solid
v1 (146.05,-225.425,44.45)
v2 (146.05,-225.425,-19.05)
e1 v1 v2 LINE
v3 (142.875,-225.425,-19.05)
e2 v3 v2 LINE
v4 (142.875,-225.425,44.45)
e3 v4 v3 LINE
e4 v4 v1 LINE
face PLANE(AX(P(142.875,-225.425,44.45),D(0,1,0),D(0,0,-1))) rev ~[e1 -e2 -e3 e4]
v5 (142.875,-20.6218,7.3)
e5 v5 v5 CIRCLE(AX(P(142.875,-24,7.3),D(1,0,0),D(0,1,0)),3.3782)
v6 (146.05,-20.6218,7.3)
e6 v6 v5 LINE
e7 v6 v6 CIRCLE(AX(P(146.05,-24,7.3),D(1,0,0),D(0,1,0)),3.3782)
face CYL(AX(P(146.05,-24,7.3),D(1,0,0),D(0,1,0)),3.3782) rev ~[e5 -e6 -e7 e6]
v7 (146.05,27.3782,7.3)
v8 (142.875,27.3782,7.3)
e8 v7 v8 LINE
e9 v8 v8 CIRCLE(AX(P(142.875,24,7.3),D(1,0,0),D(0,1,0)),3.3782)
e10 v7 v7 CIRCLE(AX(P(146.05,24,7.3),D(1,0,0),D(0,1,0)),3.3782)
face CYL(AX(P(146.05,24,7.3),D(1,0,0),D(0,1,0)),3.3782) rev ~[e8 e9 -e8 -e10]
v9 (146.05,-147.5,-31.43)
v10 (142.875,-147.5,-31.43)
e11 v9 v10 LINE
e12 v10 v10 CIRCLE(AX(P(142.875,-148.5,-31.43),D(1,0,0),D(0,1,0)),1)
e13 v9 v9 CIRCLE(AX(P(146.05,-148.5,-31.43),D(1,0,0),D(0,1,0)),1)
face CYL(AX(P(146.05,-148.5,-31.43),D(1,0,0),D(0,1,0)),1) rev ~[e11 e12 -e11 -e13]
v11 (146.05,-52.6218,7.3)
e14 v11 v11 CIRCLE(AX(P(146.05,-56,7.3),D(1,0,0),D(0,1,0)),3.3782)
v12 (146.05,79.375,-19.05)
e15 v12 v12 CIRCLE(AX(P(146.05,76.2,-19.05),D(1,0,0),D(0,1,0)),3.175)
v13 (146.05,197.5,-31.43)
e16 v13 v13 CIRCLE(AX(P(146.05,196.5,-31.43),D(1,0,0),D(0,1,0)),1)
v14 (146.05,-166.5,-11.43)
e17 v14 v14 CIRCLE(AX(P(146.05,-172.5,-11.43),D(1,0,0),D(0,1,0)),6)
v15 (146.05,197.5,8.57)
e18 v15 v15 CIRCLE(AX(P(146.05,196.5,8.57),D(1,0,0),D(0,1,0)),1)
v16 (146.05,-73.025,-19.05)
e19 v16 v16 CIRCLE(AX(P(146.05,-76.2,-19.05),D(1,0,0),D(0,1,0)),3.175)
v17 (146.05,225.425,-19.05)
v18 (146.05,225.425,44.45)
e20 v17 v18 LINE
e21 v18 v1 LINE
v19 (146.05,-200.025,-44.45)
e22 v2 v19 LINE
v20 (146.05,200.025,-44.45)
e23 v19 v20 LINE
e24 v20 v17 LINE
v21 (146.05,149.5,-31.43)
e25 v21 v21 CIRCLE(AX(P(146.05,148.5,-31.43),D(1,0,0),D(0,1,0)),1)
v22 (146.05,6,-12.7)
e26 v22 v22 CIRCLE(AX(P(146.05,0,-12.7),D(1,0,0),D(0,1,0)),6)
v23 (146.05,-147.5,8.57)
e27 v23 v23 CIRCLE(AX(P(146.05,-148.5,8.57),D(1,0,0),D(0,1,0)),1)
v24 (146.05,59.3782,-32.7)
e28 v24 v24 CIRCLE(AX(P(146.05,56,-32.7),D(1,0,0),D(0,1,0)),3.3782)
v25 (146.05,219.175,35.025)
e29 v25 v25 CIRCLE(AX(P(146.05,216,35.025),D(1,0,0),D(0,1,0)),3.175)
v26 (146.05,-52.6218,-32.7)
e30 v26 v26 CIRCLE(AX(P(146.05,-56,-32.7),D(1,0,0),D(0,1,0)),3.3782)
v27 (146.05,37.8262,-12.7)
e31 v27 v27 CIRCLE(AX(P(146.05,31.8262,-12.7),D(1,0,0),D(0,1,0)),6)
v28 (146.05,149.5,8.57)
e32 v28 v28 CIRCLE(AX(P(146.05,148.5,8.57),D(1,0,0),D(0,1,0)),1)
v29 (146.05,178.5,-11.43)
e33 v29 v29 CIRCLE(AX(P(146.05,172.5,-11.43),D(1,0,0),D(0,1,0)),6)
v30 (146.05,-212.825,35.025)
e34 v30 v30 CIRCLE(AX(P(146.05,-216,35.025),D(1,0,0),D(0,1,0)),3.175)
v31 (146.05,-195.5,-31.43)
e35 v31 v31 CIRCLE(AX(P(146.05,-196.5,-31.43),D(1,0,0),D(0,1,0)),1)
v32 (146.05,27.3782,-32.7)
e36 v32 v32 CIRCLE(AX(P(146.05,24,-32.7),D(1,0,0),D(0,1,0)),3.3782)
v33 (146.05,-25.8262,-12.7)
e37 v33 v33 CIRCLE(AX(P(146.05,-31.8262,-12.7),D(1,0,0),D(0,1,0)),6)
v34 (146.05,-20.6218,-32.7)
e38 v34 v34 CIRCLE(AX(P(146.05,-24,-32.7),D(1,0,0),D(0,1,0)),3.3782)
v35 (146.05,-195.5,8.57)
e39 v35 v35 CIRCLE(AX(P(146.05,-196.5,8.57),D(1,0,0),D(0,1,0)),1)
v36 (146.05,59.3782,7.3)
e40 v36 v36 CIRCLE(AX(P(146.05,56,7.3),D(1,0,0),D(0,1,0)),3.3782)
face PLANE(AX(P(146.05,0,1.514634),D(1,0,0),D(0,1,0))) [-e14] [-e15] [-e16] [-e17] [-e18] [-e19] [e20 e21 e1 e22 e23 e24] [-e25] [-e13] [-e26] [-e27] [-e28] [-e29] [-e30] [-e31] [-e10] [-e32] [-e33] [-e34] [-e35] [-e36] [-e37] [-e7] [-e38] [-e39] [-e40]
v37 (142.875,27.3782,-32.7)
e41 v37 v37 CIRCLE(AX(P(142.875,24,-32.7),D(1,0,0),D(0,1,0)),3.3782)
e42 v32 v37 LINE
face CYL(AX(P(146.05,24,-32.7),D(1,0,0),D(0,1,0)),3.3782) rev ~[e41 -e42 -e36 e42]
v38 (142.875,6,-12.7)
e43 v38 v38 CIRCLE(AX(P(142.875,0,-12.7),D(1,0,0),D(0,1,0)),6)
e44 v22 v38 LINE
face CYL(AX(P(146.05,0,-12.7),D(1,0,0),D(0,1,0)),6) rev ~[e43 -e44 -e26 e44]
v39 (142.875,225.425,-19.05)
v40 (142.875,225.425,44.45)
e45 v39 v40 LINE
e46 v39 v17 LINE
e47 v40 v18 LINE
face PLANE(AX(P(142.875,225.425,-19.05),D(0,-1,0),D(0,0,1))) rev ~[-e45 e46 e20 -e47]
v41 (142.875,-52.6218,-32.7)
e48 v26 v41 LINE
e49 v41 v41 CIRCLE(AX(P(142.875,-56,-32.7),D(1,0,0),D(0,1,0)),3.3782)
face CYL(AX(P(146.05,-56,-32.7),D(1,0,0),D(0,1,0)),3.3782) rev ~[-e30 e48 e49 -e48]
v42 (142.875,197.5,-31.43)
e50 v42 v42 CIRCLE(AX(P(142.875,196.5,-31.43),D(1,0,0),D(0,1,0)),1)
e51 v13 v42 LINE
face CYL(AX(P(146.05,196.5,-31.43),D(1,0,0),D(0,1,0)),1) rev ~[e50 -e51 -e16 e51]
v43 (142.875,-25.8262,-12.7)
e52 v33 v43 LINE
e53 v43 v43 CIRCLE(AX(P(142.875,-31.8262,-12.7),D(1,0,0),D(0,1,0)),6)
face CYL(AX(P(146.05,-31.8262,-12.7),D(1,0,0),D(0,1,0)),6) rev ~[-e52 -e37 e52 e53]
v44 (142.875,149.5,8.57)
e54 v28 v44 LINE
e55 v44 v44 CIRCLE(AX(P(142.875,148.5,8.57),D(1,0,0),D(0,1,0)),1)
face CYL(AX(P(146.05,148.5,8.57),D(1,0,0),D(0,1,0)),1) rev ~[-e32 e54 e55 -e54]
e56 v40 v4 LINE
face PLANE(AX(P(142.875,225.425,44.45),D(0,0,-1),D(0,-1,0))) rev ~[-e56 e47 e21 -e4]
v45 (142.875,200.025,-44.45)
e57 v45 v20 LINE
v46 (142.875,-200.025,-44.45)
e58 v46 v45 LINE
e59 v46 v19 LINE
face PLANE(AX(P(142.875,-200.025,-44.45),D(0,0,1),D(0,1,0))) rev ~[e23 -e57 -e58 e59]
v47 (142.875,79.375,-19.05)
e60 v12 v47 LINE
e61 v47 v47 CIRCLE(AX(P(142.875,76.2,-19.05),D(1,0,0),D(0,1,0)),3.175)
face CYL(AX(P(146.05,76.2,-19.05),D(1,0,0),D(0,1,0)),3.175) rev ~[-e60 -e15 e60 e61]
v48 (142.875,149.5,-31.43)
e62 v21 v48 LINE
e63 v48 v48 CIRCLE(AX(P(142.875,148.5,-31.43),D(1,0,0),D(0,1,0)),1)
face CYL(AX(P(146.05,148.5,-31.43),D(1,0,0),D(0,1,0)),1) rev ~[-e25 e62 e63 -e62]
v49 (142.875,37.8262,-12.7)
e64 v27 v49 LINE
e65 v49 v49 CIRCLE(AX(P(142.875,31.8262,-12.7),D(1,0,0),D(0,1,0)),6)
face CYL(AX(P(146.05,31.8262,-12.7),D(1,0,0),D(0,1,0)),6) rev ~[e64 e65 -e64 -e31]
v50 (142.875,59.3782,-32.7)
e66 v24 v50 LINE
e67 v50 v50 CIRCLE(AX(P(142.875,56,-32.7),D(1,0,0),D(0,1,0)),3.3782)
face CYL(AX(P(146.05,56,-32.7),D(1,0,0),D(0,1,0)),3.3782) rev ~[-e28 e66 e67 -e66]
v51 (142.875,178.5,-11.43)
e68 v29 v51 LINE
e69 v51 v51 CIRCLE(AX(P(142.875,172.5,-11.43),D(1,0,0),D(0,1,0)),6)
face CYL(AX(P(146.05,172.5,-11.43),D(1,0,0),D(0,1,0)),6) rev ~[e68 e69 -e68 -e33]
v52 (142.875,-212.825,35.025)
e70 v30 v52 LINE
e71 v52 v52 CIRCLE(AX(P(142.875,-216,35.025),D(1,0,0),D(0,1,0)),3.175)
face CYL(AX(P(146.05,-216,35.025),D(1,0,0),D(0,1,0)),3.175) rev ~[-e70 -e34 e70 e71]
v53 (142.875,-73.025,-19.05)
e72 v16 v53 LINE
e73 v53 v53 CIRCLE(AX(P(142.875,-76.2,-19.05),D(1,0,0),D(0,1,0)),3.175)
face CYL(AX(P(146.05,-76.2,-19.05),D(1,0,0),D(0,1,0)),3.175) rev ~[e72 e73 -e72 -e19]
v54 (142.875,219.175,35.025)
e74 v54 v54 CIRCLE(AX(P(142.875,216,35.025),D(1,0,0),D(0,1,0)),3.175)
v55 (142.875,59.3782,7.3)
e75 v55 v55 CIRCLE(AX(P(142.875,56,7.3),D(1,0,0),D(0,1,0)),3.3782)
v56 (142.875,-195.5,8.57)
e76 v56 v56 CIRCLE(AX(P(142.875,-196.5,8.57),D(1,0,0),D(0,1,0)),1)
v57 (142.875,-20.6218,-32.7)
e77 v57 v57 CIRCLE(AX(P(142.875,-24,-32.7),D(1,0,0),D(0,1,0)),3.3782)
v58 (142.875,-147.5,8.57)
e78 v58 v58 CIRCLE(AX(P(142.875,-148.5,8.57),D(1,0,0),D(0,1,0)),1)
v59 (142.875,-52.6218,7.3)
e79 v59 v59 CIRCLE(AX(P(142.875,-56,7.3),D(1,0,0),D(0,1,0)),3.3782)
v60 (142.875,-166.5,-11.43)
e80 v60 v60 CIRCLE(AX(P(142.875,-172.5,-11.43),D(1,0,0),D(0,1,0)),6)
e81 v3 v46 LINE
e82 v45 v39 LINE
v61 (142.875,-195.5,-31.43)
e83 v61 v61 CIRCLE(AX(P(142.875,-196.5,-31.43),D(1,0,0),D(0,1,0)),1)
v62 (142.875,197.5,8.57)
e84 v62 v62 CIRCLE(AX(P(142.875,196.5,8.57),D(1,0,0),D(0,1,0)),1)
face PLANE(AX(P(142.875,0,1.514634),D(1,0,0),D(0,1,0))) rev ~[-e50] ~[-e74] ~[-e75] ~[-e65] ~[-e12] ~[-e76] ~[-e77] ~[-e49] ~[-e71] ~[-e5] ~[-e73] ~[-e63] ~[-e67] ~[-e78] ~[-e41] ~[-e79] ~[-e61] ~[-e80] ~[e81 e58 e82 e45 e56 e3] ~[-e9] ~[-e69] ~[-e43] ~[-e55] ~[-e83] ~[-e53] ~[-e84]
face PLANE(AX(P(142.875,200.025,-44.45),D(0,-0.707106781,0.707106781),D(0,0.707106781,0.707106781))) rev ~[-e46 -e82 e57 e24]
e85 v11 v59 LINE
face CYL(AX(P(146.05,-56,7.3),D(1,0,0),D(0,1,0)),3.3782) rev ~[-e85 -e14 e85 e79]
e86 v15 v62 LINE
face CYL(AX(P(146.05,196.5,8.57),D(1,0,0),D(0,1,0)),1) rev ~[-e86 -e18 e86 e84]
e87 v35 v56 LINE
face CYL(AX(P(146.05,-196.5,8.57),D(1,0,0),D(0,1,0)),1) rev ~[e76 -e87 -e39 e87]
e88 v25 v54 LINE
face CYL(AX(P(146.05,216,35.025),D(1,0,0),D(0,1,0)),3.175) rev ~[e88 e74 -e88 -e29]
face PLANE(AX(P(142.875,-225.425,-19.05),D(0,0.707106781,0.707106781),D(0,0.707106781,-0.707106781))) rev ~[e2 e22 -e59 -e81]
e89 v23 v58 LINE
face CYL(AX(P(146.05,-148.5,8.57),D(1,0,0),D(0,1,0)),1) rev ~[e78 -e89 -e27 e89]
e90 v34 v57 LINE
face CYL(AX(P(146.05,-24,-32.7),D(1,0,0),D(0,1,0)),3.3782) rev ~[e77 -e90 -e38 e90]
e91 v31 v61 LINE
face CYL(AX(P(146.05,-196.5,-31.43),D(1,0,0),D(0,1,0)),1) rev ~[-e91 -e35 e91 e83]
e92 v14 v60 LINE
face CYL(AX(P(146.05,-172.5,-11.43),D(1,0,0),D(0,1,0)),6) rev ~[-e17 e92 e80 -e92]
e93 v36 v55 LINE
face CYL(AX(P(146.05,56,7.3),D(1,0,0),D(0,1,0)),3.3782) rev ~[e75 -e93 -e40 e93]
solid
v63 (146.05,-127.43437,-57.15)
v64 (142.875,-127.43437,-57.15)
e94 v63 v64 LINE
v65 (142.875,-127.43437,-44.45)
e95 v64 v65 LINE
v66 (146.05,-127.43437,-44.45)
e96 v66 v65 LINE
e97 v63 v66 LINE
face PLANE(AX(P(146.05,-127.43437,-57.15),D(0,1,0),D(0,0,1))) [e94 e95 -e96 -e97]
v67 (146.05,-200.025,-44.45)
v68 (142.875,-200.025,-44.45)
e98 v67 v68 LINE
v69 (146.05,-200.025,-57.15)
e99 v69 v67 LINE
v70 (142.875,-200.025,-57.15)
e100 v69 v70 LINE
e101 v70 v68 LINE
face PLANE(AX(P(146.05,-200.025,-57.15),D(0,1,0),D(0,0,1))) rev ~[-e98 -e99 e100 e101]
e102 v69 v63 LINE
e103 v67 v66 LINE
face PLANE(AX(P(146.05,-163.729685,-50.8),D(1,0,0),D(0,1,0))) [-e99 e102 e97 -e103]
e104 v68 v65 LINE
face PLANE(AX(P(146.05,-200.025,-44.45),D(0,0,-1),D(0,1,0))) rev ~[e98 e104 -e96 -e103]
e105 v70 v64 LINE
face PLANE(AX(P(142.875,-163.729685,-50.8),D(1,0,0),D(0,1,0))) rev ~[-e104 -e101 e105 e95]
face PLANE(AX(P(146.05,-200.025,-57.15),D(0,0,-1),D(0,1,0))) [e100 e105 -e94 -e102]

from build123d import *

# Parameters (mm, degrees)
F2_DEPTH = 3.175
F3_R     = 6
F3_R_2   = 3.3782
F3_R_3   = 1
F5_R     = 3.175
F6_DEPTH = 3.175
F7_W     = 72.59063
F7_H     = 12.7
F8_DEPTH = 3.175


with BuildPart() as f2:
    # F1 (on offset) → F2 (new body)
    with BuildSketch(Plane.YZ.offset(142.875)):
        Polygon((225.425, -19.05), (225.425, 44.45), (-225.425, 44.45), (-225.425, -19.05), (-200.025, -44.45), (200.025, -44.45), align=None)
    extrude(amount=F2_DEPTH)

    # F3 (on face) + F5 (on face) → F6 (cut, through all)
    with BuildSketch(Plane.YZ.offset(146.05)):
        with Locations((0, -12.7)):
            Circle(F3_R)
        with Locations((31.8262, -12.7)):
            Circle(F3_R)
        with Locations((-31.8262, -12.7)):
            Circle(F3_R)
        with Locations((172.5, -11.43)):
            Circle(F3_R)
        with Locations((-172.5, -11.43)):
            Circle(F3_R)
        with Locations((24, 7.3)):
            Circle(F3_R_2)
        with Locations((24, -32.7)):
            Circle(F3_R_2)
        with Locations((-24, 7.3)):
            Circle(F3_R_2)
        with Locations((-24, -32.7)):
            Circle(F3_R_2)
        with Locations((-56, 7.3)):
            Circle(F3_R_2)
        with Locations((-56, -32.7)):
            Circle(F3_R_2)
        with Locations((56, 7.3)):
            Circle(F3_R_2)
        with Locations((56, -32.7)):
            Circle(F3_R_2)
        with Locations((-148.5, 8.57)):
            Circle(F3_R_3)
        with Locations((-196.5, 8.57)):
            Circle(F3_R_3)
        with Locations((-148.5, -31.43)):
            Circle(F3_R_3)
        with Locations((-196.5, -31.43)):
            Circle(F3_R_3)
        with Locations((196.5, 8.57)):
            Circle(F3_R_3)
        with Locations((148.5, 8.57)):
            Circle(F3_R_3)
        with Locations((196.5, -31.43)):
            Circle(F3_R_3)
        with Locations((148.5, -31.43)):
            Circle(F3_R_3)
    with BuildSketch(Plane.YZ.offset(146.05)):
        with Locations((-216, 35.025)):
            Circle(F5_R)
        with Locations((-76.2, -19.05)):
            Circle(F5_R)
        with Locations((216, 35.025)):
            Circle(F5_R)
        with Locations((76.2, -19.05)):
            Circle(F5_R)
    extrude(amount=-F6_DEPTH, mode=Mode.SUBTRACT)


with BuildPart() as f8:
    # F7 (on face) → F8 (new body)
    with BuildSketch(Plane.YZ.offset(146.05)):
        with Locations((-163.729685, -50.8)):
            Rectangle(F7_W, F7_H)
    extrude(amount=-F8_DEPTH)


solid = Compound([f2.part, f8.part])
